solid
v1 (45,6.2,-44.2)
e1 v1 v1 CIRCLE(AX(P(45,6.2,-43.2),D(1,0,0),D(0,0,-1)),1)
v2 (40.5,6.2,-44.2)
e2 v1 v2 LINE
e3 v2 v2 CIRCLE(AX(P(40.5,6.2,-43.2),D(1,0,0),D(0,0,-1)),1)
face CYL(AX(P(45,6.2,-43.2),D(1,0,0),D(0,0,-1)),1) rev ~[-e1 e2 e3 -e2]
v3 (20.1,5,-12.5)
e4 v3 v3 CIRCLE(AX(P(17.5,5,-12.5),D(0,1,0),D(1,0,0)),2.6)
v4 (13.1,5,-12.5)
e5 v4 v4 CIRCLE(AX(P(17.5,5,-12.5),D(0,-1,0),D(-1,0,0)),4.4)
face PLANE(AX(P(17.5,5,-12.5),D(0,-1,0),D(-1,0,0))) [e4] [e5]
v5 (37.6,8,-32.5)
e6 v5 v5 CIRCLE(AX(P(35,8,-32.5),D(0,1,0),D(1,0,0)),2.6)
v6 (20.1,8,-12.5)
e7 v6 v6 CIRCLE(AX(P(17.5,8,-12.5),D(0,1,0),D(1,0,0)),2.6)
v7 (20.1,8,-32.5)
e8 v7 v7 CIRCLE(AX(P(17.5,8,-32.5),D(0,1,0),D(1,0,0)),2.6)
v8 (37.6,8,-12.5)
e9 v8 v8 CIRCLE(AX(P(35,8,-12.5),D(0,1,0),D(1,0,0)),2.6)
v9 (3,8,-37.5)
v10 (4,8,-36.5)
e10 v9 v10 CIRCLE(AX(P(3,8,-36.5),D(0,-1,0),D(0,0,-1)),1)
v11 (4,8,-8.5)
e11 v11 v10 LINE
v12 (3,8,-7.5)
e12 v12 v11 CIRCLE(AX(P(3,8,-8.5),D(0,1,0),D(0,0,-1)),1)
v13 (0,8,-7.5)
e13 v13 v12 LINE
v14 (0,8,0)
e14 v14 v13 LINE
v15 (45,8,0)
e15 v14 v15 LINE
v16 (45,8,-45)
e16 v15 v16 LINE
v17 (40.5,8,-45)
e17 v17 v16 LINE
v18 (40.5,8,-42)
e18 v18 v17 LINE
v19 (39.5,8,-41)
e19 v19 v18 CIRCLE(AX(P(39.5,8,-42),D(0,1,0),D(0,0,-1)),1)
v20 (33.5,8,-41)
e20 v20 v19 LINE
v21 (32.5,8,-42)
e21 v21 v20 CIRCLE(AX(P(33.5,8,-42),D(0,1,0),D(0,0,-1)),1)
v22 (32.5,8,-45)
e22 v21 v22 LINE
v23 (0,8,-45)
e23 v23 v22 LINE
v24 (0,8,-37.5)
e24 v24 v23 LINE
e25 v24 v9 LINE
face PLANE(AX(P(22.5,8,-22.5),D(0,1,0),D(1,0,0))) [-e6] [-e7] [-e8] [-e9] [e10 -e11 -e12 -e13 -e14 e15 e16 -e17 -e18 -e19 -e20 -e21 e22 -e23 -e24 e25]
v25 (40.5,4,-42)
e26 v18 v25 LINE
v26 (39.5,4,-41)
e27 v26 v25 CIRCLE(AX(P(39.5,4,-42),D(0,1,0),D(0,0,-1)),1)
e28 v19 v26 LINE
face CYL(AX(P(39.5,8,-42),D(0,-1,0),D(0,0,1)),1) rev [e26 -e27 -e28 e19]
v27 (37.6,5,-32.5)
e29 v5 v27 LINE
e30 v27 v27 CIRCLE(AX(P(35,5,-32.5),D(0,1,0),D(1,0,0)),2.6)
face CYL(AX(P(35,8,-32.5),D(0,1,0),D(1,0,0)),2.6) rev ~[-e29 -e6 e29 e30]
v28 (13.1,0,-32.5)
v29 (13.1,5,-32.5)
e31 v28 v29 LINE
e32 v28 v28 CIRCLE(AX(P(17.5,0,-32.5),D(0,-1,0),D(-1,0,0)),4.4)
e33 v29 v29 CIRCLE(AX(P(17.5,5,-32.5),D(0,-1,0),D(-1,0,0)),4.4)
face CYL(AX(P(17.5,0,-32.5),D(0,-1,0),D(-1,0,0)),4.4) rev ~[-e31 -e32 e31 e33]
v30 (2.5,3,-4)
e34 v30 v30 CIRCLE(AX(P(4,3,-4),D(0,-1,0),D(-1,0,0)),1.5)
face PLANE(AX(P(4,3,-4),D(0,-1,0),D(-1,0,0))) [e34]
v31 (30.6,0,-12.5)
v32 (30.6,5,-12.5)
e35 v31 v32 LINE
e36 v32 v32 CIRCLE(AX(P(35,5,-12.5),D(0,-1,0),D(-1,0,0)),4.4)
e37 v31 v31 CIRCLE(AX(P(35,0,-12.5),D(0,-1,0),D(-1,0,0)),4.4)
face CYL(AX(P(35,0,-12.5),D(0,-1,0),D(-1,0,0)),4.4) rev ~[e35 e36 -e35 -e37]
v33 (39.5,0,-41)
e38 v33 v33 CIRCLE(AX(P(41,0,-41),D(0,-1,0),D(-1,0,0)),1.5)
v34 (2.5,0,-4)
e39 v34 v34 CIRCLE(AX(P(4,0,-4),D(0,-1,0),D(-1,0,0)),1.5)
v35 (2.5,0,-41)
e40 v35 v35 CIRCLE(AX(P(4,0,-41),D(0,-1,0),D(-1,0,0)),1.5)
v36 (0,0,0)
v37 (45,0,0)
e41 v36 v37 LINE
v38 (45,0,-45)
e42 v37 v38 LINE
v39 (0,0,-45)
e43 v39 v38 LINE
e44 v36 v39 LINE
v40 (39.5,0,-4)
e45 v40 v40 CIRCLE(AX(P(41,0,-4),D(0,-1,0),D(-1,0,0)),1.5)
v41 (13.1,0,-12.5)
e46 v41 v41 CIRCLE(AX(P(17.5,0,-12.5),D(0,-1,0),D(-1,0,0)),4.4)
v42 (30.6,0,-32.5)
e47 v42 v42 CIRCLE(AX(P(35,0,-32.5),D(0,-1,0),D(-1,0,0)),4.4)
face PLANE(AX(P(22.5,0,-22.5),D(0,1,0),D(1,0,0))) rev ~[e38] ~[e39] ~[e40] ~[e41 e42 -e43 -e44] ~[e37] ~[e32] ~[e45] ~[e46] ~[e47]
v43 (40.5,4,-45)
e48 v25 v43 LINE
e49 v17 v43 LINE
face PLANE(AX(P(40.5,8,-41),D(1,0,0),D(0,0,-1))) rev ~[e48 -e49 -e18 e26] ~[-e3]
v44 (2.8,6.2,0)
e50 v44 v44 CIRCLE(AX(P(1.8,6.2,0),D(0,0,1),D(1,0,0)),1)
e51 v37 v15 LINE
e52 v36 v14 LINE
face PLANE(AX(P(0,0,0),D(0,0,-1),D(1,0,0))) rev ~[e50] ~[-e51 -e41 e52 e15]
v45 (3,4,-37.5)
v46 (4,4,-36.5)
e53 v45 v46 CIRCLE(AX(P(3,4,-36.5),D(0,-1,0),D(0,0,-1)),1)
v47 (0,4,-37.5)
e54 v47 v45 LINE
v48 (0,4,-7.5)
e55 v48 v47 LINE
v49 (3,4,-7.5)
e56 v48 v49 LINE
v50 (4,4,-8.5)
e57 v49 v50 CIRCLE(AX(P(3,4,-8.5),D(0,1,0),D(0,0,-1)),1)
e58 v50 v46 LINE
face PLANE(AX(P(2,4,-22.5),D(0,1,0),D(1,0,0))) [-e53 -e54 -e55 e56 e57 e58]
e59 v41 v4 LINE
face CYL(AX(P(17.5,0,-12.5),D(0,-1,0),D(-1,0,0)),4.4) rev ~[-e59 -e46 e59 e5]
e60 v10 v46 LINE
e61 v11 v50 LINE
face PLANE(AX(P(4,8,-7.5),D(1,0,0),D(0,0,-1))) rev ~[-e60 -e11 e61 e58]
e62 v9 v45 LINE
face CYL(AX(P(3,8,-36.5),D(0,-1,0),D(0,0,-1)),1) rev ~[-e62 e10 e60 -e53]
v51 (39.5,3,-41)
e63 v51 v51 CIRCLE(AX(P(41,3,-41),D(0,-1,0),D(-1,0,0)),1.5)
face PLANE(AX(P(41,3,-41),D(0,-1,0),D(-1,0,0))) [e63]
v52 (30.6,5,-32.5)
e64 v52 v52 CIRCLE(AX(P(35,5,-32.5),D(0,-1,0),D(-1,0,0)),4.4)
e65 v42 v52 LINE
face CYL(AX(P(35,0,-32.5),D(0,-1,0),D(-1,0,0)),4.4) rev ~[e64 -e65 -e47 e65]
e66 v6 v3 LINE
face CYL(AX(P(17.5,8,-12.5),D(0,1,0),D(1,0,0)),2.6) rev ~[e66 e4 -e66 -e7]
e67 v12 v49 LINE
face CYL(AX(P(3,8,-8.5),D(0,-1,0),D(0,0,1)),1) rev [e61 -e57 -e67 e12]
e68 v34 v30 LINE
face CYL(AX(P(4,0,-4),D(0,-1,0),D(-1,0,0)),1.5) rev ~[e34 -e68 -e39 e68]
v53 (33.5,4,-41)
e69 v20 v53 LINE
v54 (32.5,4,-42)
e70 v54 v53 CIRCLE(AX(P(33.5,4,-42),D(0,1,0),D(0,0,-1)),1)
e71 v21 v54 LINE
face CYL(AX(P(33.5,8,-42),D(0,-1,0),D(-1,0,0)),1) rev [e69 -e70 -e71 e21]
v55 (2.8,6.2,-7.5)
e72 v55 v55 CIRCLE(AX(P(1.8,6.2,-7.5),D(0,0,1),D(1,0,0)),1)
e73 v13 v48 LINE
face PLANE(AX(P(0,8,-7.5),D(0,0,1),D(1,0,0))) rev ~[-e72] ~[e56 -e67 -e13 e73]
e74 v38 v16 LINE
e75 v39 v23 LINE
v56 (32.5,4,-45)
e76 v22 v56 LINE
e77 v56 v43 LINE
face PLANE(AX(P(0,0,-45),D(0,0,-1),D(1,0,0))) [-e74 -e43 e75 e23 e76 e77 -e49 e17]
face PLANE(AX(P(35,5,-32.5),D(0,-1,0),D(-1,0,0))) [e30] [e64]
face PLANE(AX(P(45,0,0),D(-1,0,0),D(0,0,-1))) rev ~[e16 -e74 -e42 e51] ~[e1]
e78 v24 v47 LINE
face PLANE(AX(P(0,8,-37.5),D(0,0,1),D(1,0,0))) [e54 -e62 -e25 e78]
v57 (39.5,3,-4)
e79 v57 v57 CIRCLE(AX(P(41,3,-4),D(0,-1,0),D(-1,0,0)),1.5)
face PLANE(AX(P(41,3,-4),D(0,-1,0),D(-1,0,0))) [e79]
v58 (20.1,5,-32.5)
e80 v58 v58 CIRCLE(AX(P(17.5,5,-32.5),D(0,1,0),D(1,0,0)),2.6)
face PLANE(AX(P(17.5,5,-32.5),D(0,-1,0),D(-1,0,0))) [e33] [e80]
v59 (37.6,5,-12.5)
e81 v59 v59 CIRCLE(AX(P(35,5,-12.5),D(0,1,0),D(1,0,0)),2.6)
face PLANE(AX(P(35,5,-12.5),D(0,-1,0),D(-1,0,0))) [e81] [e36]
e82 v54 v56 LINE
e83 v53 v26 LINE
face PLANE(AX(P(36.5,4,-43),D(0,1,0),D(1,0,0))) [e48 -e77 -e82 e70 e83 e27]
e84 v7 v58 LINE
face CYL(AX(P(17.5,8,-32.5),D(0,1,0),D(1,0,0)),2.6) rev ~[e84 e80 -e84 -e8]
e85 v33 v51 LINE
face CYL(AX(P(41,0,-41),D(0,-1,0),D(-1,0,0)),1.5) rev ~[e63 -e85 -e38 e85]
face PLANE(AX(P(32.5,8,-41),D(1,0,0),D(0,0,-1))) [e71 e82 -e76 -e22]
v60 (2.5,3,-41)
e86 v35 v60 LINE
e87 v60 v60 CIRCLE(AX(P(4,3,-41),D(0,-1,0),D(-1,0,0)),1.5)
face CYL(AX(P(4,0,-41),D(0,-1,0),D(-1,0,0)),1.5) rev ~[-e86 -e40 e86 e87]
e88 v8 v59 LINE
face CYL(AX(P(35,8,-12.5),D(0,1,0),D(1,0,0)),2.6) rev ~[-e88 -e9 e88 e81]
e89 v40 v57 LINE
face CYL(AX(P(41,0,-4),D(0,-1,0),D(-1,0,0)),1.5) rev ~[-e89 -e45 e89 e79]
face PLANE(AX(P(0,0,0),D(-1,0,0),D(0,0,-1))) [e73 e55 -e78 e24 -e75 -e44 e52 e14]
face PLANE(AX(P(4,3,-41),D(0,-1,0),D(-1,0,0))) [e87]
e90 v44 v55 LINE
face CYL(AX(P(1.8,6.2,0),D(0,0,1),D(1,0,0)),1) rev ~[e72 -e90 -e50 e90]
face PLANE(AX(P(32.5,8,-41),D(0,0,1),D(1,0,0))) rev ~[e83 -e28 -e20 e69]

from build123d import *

# Parameters (mm, degrees)
SKETCH_1_W           = 45
SKETCH_1_H           = 45
EXTRUDE_1_DEPTH      = 8
SKETCH_2_R           = 2.6
CUT_EXTRUDE_1_DEPTH  = 9
SKETCH_3_R           = 4.4
CUT_EXTRUDE_2_DEPTH  = 5
SKETCH_5_W           = 4
SKETCH_5_H           = 30
CUT_EXTRUDE_4_DEPTH  = 4
SKETCH_6_R           = 1
CUT_EXTRUDE_5_DEPTH  = 9
FILLET_1_R           = 1
SKETCH_7_W           = 8
SKETCH_7_H           = 4
CUT_EXTRUDE_6_DEPTH  = 4
FILLET_2_R           = 1
SKETCH_8_R           = 1
CUT_EXTRUDE_7_DEPTH  = 9
SKETCH_11_R          = 1.5
CUT_EXTRUDE_10_DEPTH = 3


with BuildPart() as part:
    # 草图1 → 凸台-拉伸1 (new body)
    with BuildSketch(Plane(origin=(0, 0, 0), x_dir=(1, 0, 0), z_dir=(0, 1, 0))):
        with Locations((22.5, 22.5)):
            Rectangle(SKETCH_1_W, SKETCH_1_H)
    extrude(amount=EXTRUDE_1_DEPTH)

    # 草图2 → 切除-拉伸1 (cut, through all)
    with BuildSketch(Plane(origin=(0, 8, 0), x_dir=(1, 0, 0), z_dir=(0, 1, 0))):
        with Locations((17.5, 12.5)):
            Circle(SKETCH_2_R)
        with Locations((17.5, 32.5)):
            Circle(SKETCH_2_R)
        with Locations((35, 12.5)):
            Circle(SKETCH_2_R)
        with Locations((35, 32.5)):
            Circle(SKETCH_2_R)
    extrude(amount=-CUT_EXTRUDE_1_DEPTH, mode=Mode.SUBTRACT)

    # 草图3 → 切除-拉伸2 (cut)
    with BuildSketch(Plane(origin=(0, 0, 0), x_dir=(-1, 0, 0), z_dir=(0, -1, 0))):
        with Locations((-17.5, 32.5)):
            Circle(SKETCH_3_R)
        with Locations((-17.5, 12.5)):
            Circle(SKETCH_3_R)
        with Locations((-35, 12.5)):
            Circle(SKETCH_3_R)
        with Locations((-35, 32.5)):
            Circle(SKETCH_3_R)
    extrude(amount=-CUT_EXTRUDE_2_DEPTH, mode=Mode.SUBTRACT)

    # 草图5 → 切除-拉伸4 (cut)
    with BuildSketch(Plane(origin=(0, 8, 0), x_dir=(1, 0, 0), z_dir=(0, 1, 0))):
        with Locations((2, 22.5)):
            Rectangle(SKETCH_5_W, SKETCH_5_H)
    extrude(amount=-CUT_EXTRUDE_4_DEPTH, mode=Mode.SUBTRACT)

    # 草图6 → 切除-拉伸5 (cut)
    with BuildSketch(Plane.XY):
        with Locations((1.8, 6.2)):
            Circle(SKETCH_6_R)
    extrude(amount=-CUT_EXTRUDE_5_DEPTH, mode=Mode.SUBTRACT)

    # 圆角1
    fillet_1_edges = [part.edges().sort_by_distance(p)[0] for p in [
        (4, 6, -37.5),
        (4, 6, -7.5),
    ]]
    fillet(fillet_1_edges, radius=FILLET_1_R)

    # 草图7 → 切除-拉伸6 (cut)
    with BuildSketch(Plane(origin=(0, 8, 0), x_dir=(1, 0, 0), z_dir=(0, 1, 0))):
        with Locations((36.5, 43)):
            Rectangle(SKETCH_7_W, SKETCH_7_H)
    extrude(amount=-CUT_EXTRUDE_6_DEPTH, mode=Mode.SUBTRACT)

    # 圆角2
    fillet_2_edges = [part.edges().sort_by_distance(p)[0] for p in [
        (40.5, 6, -41),
        (32.5, 6, -41),
    ]]
    fillet(fillet_2_edges, radius=FILLET_2_R)

    # 草图8 → 切除-拉伸7 (cut)
    with BuildSketch(Plane(origin=(45, 0, 0), x_dir=(0, 0, -1), z_dir=(1, 0, 0))):
        with Locations((43.2, 6.2)):
            Circle(SKETCH_8_R)
    extrude(amount=-CUT_EXTRUDE_7_DEPTH, mode=Mode.SUBTRACT)

    # 草图11 → 切除-拉伸10 (cut)
    with BuildSketch(Plane(origin=(0, 0, 0), x_dir=(-1, 0, 0), z_dir=(0, -1, 0))):
        with Locations((-4, 4)):
            Circle(SKETCH_11_R)
        with Locations((-41, 4)):
            Circle(SKETCH_11_R)
        with Locations((-4, 41)):
            Circle(SKETCH_11_R)
        with Locations((-41, 41)):
            Circle(SKETCH_11_R)
    extrude(amount=-CUT_EXTRUDE_10_DEPTH, mode=Mode.SUBTRACT)


solid = part.part
